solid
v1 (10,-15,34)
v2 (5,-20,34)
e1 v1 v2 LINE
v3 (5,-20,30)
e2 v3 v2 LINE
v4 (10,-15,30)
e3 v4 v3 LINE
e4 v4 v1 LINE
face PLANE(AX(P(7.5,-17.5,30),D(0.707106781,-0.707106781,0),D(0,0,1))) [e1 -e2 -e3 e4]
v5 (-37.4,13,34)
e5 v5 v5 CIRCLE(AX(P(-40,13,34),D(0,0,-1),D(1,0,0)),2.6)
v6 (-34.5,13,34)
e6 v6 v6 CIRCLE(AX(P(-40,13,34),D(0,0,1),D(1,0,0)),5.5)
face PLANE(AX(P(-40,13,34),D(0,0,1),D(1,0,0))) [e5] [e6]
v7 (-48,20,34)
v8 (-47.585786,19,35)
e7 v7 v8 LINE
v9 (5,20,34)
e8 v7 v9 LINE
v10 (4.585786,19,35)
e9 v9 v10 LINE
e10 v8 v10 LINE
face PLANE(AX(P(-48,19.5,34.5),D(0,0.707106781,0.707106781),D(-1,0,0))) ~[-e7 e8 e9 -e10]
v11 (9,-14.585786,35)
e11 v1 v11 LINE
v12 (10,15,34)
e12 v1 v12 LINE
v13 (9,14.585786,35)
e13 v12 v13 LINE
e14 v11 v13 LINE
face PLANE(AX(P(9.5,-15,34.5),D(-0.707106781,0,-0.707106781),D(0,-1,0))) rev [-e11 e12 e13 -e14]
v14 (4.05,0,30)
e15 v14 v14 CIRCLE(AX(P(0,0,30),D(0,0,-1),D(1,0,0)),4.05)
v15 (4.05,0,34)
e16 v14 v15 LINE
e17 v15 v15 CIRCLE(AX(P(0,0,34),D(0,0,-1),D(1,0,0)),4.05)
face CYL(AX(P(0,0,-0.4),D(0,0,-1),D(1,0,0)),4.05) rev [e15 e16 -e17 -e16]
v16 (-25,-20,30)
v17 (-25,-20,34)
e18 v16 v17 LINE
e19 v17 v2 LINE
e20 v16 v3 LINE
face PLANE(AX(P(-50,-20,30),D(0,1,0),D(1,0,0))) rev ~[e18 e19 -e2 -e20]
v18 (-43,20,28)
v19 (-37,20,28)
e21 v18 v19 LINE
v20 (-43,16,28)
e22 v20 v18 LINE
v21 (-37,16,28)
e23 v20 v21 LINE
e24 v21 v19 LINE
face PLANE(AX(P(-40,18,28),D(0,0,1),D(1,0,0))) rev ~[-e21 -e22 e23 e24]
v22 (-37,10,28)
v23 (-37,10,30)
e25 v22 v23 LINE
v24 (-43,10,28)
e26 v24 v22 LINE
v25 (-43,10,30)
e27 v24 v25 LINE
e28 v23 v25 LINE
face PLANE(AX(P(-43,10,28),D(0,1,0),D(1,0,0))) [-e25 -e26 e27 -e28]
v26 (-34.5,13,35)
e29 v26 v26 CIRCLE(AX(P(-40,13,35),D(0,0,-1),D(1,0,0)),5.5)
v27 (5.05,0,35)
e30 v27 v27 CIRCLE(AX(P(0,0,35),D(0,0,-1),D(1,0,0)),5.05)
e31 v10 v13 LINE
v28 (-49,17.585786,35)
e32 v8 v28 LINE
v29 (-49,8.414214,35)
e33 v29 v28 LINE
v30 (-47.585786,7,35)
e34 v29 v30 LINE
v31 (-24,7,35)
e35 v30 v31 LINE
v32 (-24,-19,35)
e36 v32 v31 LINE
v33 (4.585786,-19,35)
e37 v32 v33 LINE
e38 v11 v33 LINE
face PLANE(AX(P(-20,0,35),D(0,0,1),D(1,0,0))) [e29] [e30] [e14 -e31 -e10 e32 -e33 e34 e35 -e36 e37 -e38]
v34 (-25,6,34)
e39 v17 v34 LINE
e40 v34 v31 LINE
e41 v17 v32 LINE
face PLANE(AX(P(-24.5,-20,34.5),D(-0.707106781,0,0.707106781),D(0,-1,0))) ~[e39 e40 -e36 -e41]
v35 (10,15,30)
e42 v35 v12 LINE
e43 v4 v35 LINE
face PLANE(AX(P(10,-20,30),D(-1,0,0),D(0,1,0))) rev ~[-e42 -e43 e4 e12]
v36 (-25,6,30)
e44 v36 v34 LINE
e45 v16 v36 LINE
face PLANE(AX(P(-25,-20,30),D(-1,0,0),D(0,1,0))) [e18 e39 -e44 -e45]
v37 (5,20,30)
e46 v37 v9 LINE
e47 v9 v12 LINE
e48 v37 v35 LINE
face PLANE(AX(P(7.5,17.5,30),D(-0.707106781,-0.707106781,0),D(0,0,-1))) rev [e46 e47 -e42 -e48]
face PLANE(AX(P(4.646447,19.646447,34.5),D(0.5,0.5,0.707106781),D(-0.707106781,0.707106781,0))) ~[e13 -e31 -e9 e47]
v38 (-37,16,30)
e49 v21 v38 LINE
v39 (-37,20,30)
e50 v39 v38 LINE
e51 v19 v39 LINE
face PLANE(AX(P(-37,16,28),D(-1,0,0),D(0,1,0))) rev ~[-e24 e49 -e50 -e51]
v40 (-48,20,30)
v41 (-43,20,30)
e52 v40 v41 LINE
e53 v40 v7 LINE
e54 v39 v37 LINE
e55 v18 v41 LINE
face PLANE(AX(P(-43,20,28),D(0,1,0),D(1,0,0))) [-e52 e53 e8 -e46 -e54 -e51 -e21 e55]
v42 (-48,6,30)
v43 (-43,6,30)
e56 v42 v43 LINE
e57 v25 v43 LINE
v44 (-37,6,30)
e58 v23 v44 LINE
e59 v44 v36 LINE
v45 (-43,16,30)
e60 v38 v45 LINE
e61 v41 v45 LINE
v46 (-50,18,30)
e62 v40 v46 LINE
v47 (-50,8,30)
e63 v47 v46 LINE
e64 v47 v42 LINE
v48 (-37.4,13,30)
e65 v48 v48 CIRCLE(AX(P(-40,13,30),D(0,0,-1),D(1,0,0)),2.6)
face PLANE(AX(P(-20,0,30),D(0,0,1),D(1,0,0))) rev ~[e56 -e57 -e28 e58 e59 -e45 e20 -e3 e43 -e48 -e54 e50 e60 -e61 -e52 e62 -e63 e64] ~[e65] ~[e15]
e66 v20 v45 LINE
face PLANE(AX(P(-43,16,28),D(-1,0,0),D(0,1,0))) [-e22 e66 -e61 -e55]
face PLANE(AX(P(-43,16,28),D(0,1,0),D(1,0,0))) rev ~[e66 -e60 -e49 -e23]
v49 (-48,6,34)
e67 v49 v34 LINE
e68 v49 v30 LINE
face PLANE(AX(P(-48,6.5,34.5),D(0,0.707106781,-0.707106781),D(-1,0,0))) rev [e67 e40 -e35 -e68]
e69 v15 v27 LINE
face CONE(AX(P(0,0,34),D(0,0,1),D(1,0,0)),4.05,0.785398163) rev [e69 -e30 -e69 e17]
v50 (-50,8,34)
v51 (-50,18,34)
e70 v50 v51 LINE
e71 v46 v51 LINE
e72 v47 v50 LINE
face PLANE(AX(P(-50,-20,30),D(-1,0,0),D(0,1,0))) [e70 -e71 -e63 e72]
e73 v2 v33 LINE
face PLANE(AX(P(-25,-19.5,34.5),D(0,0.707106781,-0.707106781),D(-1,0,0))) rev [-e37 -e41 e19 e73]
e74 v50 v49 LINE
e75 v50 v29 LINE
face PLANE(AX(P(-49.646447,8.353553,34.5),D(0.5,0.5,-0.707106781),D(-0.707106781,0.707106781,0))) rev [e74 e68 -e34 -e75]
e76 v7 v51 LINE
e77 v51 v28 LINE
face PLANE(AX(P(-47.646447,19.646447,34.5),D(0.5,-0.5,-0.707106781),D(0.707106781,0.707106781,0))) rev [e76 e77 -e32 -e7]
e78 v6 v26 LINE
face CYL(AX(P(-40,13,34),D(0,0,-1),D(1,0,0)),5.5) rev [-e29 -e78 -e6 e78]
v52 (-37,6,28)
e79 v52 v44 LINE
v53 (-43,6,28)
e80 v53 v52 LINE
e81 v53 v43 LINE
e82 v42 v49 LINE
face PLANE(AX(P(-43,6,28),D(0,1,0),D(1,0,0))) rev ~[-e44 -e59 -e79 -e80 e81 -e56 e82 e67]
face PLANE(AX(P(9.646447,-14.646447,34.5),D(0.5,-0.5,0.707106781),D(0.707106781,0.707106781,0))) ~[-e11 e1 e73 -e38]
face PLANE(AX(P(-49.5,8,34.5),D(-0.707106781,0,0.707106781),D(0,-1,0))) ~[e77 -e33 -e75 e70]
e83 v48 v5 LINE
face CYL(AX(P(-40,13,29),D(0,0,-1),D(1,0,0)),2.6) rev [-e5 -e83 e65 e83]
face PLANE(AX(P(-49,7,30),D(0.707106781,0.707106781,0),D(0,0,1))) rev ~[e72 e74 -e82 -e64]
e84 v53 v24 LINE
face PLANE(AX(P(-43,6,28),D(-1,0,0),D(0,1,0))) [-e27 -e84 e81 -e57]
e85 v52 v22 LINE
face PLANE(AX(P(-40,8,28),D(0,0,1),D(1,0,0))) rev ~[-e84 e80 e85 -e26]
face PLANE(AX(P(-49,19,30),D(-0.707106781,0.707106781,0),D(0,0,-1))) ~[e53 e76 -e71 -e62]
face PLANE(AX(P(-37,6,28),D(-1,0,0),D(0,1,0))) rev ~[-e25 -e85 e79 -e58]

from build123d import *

# Parameters (mm, degrees)
BOX026_W           = 6
BOX026_H           = 4
BOX026_DEPTH       = 3
BOX025_W           = 6
BOX025_H           = 4
BOX025_DEPTH       = 3
CYLINDER029_R      = 2.6
CYLINDER029_DEPTH  = 10
CYLINDER030_R      = 5.5
CYLINDER030_DEPTH  = 3
CYLINDER028_R      = 4.05
CYLINDER028_DEPTH  = 40
BOX020_W           = 25
BOX020_H           = 26
BOX020_DEPTH       = 5
BOX018_W           = 60
BOX018_H           = 40
BOX018_DEPTH       = 5
CHAMFER033014_SIZE = 5
CHAMFER033015_SIZE = 2
CHAMFER033016_SIZE = 1


with BuildPart() as cube026:
    # Box026 → Box026 (new body)
    with BuildSketch(Plane(origin=(-43, 6, 28), x_dir=(1, 0, 0), z_dir=(0, 0, 1))):
        with Locations((3, 2)):
            Rectangle(BOX026_W, BOX026_H)
    extrude(amount=BOX026_DEPTH)


with BuildPart() as cube025:
    # Box025 → Box025 (new body)
    with BuildSketch(Plane(origin=(-43, 16, 28), x_dir=(1, 0, 0), z_dir=(0, 0, 1))):
        with Locations((3, 2)):
            Rectangle(BOX025_W, BOX025_H)
    extrude(amount=BOX025_DEPTH)


with BuildPart() as cylinder024:
    # Cylinder029 → Cylinder029 (new body)
    with BuildSketch(Plane(origin=(-40, 13, 29), x_dir=(1, 0, 0), z_dir=(0, 0, 1))):
        Circle(CYLINDER029_R)
    extrude(amount=CYLINDER029_DEPTH)


with BuildPart() as fusion020008:
    # Cylinder030 → Cylinder030 (new body)
    with BuildSketch(Plane(origin=(-40, 13, 34), x_dir=(1, 0, 0), z_dir=(0, 0, 1))):
        Circle(CYLINDER030_R)
    extrude(amount=CYLINDER030_DEPTH)

    # Fusion020008: union Cylinder024
    add(cylinder024.part)


with BuildPart() as cylinder028:
    # Cylinder028 → Cylinder028 (new body)
    with BuildSketch(Plane.XY.offset(-0.4)):
        Circle(CYLINDER028_R)
    extrude(amount=CYLINDER028_DEPTH)


with BuildPart() as cube020:
    # Box020 → Box020 (new body)
    with BuildSketch(Plane(origin=(-50, -20, 30), x_dir=(1, 0, 0), z_dir=(0, 0, 1))):
        with Locations((12.5, 13)):
            Rectangle(BOX020_W, BOX020_H)
    extrude(amount=BOX020_DEPTH)


with BuildPart() as rod_corner_cap_r1:
    # Box018 → Box018 (new body)
    with BuildSketch(Plane(origin=(-50, -20, 30), x_dir=(1, 0, 0), z_dir=(0, 0, 1))):
        with Locations((30, 20)):
            Rectangle(BOX018_W, BOX018_H)
    extrude(amount=BOX018_DEPTH)

    # Cut015: cut Cube020
    add(cube020.part, mode=Mode.SUBTRACT)

    # Chamfer033014
    chamfer033014_edges = [rod_corner_cap_r1.edges().sort_by_distance(p)[0] for p in [
        (10, 20, 32.5),
        (10, -20, 32.5),
    ]]
    chamfer(chamfer033014_edges, length=CHAMFER033014_SIZE)

    # Cut016: cut Cylinder028
    add(cylinder028.part, mode=Mode.SUBTRACT)

    # Chamfer033015
    chamfer033015_edges = [rod_corner_cap_r1.edges().sort_by_distance(p)[0] for p in [
        (-50, 20, 32.5),
        (-50, 6, 32.5),
    ]]
    chamfer(chamfer033015_edges, length=CHAMFER033015_SIZE)

    # Cut017: cut Fusion020008
    add(fusion020008.part, mode=Mode.SUBTRACT)

    # Chamfer033016
    chamfer033016_edges = [rod_corner_cap_r1.edges().sort_by_distance(p)[0] for p in [
        (-21.5, 20, 35),
        (-49, 19, 35),
        (7.5, 17.5, 35),
        (-50, 13, 35),
        (10, 0, 35),
        (-49, 7, 35),
        (7.5, -17.5, 35),
        (-36.5, 6, 35),
        (-10, -20, 35),
        (-25, -7, 35),
        (-4.05, 0, 35),
    ]]
    chamfer(chamfer033016_edges, length=CHAMFER033016_SIZE)

    # Fusion020006005: union Cube026, Cube025
    add(cube026.part)
    add(cube025.part)


solid = rod_corner_cap_r1.part
